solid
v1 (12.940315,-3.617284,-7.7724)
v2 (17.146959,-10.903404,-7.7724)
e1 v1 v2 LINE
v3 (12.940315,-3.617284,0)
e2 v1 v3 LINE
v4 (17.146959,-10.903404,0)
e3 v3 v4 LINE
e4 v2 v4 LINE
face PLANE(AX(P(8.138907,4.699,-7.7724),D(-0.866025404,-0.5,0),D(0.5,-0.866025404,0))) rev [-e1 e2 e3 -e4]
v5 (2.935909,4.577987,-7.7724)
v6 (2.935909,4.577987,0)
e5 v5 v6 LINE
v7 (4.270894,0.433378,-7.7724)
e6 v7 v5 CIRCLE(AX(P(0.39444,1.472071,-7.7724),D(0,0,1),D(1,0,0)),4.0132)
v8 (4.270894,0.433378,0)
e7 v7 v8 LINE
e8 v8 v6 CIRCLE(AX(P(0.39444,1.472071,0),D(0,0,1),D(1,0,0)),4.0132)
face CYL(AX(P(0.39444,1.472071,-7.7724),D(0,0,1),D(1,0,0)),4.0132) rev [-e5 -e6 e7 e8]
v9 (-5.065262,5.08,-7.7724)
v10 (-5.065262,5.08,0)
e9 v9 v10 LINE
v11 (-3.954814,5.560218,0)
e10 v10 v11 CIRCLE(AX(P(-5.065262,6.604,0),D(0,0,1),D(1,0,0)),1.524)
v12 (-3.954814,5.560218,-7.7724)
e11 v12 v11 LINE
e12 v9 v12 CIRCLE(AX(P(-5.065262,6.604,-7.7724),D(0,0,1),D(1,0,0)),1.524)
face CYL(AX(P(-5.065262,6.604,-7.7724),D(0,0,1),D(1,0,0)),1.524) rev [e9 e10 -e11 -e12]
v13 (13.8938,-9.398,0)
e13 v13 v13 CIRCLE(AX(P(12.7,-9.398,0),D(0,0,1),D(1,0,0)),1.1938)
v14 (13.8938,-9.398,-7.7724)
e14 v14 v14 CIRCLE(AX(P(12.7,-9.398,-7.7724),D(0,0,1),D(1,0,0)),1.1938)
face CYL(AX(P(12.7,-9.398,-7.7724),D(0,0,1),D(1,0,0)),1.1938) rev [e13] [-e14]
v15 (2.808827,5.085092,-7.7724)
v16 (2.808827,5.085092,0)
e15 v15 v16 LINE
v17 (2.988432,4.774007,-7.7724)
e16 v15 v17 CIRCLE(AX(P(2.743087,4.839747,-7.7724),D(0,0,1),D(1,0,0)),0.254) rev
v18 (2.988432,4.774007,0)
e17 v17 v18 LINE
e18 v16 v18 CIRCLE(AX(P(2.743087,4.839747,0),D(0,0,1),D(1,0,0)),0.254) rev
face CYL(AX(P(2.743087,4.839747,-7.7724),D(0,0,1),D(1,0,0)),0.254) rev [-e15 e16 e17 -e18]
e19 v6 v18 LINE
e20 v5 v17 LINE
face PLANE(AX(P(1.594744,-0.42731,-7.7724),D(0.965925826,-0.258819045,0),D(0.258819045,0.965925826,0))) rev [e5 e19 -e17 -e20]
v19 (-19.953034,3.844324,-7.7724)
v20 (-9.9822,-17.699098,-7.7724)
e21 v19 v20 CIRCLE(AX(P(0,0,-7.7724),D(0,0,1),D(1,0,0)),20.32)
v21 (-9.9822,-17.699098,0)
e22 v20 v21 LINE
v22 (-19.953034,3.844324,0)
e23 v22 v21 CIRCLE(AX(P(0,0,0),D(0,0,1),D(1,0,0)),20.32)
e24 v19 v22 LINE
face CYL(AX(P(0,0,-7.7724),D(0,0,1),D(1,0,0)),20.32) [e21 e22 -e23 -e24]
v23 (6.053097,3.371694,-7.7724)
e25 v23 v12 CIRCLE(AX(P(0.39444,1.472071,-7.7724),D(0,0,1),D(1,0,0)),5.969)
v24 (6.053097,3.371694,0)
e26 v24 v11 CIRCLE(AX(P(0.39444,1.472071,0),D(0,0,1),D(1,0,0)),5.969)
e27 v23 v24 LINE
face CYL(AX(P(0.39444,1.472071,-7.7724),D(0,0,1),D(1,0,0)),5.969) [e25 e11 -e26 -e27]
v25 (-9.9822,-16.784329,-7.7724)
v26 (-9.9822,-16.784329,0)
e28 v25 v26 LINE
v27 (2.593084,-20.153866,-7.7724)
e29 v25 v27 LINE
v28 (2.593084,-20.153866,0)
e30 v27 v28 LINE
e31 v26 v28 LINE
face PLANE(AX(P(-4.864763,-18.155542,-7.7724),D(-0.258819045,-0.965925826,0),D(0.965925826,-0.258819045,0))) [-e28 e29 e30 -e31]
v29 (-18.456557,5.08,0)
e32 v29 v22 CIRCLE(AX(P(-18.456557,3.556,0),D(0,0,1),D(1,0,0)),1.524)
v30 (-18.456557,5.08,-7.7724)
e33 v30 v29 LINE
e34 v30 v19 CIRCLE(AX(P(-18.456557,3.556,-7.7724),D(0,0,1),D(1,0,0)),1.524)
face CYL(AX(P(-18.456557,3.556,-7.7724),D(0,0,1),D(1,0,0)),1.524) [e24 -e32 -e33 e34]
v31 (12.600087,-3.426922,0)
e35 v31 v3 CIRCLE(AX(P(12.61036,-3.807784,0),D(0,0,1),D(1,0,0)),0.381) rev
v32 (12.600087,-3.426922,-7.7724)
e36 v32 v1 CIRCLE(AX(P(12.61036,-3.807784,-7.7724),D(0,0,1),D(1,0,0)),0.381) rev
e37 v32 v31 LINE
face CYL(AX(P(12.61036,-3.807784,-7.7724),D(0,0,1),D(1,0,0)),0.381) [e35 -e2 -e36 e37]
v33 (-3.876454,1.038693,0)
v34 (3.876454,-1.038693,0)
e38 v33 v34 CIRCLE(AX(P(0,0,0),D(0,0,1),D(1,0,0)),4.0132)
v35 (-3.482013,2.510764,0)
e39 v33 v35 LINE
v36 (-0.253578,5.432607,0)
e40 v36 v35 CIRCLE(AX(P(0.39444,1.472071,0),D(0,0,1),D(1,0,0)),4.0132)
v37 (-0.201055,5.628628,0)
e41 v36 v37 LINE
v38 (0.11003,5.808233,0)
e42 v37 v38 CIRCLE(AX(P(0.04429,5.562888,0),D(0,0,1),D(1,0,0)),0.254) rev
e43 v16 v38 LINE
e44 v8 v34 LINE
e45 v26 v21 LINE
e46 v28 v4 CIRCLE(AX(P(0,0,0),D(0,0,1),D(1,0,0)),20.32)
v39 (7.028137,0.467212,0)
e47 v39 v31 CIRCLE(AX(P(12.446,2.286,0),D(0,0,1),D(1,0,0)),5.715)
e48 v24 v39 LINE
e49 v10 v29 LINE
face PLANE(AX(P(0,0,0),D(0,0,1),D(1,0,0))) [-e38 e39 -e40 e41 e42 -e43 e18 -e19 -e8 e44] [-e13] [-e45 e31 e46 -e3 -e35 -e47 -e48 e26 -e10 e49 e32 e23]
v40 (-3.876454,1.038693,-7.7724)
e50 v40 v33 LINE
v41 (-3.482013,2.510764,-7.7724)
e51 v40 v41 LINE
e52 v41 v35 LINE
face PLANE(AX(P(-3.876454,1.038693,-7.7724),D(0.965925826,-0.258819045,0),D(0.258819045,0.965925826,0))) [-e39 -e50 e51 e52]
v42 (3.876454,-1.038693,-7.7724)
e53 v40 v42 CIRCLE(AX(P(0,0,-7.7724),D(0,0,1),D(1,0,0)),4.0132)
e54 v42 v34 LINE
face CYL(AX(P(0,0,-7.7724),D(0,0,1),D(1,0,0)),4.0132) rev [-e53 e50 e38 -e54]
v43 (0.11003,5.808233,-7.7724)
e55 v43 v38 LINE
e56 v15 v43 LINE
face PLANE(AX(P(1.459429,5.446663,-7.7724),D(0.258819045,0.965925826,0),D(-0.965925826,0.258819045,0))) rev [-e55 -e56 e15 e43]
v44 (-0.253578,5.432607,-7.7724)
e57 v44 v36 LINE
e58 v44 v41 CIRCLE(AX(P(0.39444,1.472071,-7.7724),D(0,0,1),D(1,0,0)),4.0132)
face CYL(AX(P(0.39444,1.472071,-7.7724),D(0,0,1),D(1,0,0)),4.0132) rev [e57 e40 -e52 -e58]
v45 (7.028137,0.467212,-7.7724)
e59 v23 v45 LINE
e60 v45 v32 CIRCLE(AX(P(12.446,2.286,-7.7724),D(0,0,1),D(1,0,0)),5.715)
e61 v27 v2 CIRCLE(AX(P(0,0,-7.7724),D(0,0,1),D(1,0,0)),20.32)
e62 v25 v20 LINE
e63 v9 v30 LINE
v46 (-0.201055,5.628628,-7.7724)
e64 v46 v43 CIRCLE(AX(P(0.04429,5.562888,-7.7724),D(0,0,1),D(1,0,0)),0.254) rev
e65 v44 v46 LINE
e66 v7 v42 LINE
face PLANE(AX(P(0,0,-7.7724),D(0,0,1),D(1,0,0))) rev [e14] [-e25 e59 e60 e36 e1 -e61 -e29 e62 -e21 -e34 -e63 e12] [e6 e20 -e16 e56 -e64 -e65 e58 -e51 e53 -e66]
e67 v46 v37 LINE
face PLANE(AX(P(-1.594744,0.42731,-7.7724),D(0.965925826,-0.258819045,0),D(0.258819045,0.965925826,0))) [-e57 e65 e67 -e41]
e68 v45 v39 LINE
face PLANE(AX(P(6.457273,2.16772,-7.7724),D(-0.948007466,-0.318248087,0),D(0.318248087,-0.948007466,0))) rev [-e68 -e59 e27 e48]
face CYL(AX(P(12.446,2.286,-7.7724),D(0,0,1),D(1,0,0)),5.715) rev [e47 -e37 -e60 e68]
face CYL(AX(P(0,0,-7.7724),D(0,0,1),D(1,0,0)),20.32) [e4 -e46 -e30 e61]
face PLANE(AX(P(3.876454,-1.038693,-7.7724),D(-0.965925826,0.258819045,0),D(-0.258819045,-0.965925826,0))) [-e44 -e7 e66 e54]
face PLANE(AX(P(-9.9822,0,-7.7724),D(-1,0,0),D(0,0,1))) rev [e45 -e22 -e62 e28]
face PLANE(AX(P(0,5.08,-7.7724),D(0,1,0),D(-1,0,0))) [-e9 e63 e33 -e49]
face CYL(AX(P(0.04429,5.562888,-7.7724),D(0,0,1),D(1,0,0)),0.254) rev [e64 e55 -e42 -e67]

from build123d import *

# Parameters (mm, degrees)
SKETCH1_R           = 1.1938
BOSS_EXTRUDE1_DEPTH = 7.7724


with BuildPart() as part:
    # Sketch1 → Boss-Extrude1 (new body)
    with BuildSketch(Plane.XY):
        with BuildLine():
            Line((-5.065262452, 5.08), (-18.456556559, 5.08))
            ThreePointArc((-18.456556559, 5.08), (-19.426909517, 4.731155792), (-19.953034117, 3.844324324))
            ThreePointArc((-19.953034117, 3.844324324), (-18.44069754, -8.534815418), (-9.9822, -17.699098371))
            Line((-9.9822, -17.699098371), (-9.9822, -16.784328658))
            Line((-9.9822, -16.784328658), (2.593084415, -20.153865962))
            ThreePointArc((2.593084415, -20.153865962), (10.900004065, -17.149119843), (17.146958643, -10.903403565))
            Line((17.146958643, -10.903403565), (12.940315476, -3.61728387))
            ThreePointArc((12.940315476, -3.61728387), (12.796393961, -3.475289825), (12.60008731, -3.426922378))
            ThreePointArc((12.60008731, -3.426922378), (9.17217903, -2.398369889), (7.028137334, 0.467212181))
            Line((7.028137334, 0.467212181), (6.053096787, 3.371693793))
            ThreePointArc((6.053096787, 3.371693793), (1.669604011, 7.303273092), (-3.95481445, 5.560217822))
            ThreePointArc((-3.95481445, 5.560217822), (-4.460344292, 5.205196933), (-5.065262452, 5.08))
        make_face()
        with Locations((12.7, -9.398)):
            Circle(SKETCH1_R, mode=Mode.SUBTRACT)
        with BuildLine():
            Line((-3.876453526, 1.038692592), (-3.482013301, 2.510763551))
            ThreePointArc((-3.482013301, 2.510763551), (-2.298514325, 4.447599489), (-0.253578298, 5.432607064))
            Line((-0.253578298, 5.432607064), (-0.201054745, 5.628627633))
            ThreePointArc((-0.201054745, 5.628627633), (-0.082709585, 5.782858048), (0.110030452, 5.808232755))
            Line((0.110030452, 5.808232755), (2.808827211, 5.085092343))
            ThreePointArc((2.808827211, 5.085092343), (2.963057626, 4.966747183), (2.988432333, 4.774007146))
            Line((2.988432333, 4.774007146), (2.93590878, 4.577986577))
            ThreePointArc((2.93590878, 4.577986577), (4.214371541, 2.702476981), (4.270893751, 0.433378367))
            Line((4.270893751, 0.433378367), (3.876453526, -1.038692592))
            ThreePointArc((3.876453526, -1.038692592), (-1.038692592, -3.876453526), (-3.876453526, 1.038692592))
        make_face(mode=Mode.SUBTRACT)
    extrude(amount=-BOSS_EXTRUDE1_DEPTH)


solid = part.part
